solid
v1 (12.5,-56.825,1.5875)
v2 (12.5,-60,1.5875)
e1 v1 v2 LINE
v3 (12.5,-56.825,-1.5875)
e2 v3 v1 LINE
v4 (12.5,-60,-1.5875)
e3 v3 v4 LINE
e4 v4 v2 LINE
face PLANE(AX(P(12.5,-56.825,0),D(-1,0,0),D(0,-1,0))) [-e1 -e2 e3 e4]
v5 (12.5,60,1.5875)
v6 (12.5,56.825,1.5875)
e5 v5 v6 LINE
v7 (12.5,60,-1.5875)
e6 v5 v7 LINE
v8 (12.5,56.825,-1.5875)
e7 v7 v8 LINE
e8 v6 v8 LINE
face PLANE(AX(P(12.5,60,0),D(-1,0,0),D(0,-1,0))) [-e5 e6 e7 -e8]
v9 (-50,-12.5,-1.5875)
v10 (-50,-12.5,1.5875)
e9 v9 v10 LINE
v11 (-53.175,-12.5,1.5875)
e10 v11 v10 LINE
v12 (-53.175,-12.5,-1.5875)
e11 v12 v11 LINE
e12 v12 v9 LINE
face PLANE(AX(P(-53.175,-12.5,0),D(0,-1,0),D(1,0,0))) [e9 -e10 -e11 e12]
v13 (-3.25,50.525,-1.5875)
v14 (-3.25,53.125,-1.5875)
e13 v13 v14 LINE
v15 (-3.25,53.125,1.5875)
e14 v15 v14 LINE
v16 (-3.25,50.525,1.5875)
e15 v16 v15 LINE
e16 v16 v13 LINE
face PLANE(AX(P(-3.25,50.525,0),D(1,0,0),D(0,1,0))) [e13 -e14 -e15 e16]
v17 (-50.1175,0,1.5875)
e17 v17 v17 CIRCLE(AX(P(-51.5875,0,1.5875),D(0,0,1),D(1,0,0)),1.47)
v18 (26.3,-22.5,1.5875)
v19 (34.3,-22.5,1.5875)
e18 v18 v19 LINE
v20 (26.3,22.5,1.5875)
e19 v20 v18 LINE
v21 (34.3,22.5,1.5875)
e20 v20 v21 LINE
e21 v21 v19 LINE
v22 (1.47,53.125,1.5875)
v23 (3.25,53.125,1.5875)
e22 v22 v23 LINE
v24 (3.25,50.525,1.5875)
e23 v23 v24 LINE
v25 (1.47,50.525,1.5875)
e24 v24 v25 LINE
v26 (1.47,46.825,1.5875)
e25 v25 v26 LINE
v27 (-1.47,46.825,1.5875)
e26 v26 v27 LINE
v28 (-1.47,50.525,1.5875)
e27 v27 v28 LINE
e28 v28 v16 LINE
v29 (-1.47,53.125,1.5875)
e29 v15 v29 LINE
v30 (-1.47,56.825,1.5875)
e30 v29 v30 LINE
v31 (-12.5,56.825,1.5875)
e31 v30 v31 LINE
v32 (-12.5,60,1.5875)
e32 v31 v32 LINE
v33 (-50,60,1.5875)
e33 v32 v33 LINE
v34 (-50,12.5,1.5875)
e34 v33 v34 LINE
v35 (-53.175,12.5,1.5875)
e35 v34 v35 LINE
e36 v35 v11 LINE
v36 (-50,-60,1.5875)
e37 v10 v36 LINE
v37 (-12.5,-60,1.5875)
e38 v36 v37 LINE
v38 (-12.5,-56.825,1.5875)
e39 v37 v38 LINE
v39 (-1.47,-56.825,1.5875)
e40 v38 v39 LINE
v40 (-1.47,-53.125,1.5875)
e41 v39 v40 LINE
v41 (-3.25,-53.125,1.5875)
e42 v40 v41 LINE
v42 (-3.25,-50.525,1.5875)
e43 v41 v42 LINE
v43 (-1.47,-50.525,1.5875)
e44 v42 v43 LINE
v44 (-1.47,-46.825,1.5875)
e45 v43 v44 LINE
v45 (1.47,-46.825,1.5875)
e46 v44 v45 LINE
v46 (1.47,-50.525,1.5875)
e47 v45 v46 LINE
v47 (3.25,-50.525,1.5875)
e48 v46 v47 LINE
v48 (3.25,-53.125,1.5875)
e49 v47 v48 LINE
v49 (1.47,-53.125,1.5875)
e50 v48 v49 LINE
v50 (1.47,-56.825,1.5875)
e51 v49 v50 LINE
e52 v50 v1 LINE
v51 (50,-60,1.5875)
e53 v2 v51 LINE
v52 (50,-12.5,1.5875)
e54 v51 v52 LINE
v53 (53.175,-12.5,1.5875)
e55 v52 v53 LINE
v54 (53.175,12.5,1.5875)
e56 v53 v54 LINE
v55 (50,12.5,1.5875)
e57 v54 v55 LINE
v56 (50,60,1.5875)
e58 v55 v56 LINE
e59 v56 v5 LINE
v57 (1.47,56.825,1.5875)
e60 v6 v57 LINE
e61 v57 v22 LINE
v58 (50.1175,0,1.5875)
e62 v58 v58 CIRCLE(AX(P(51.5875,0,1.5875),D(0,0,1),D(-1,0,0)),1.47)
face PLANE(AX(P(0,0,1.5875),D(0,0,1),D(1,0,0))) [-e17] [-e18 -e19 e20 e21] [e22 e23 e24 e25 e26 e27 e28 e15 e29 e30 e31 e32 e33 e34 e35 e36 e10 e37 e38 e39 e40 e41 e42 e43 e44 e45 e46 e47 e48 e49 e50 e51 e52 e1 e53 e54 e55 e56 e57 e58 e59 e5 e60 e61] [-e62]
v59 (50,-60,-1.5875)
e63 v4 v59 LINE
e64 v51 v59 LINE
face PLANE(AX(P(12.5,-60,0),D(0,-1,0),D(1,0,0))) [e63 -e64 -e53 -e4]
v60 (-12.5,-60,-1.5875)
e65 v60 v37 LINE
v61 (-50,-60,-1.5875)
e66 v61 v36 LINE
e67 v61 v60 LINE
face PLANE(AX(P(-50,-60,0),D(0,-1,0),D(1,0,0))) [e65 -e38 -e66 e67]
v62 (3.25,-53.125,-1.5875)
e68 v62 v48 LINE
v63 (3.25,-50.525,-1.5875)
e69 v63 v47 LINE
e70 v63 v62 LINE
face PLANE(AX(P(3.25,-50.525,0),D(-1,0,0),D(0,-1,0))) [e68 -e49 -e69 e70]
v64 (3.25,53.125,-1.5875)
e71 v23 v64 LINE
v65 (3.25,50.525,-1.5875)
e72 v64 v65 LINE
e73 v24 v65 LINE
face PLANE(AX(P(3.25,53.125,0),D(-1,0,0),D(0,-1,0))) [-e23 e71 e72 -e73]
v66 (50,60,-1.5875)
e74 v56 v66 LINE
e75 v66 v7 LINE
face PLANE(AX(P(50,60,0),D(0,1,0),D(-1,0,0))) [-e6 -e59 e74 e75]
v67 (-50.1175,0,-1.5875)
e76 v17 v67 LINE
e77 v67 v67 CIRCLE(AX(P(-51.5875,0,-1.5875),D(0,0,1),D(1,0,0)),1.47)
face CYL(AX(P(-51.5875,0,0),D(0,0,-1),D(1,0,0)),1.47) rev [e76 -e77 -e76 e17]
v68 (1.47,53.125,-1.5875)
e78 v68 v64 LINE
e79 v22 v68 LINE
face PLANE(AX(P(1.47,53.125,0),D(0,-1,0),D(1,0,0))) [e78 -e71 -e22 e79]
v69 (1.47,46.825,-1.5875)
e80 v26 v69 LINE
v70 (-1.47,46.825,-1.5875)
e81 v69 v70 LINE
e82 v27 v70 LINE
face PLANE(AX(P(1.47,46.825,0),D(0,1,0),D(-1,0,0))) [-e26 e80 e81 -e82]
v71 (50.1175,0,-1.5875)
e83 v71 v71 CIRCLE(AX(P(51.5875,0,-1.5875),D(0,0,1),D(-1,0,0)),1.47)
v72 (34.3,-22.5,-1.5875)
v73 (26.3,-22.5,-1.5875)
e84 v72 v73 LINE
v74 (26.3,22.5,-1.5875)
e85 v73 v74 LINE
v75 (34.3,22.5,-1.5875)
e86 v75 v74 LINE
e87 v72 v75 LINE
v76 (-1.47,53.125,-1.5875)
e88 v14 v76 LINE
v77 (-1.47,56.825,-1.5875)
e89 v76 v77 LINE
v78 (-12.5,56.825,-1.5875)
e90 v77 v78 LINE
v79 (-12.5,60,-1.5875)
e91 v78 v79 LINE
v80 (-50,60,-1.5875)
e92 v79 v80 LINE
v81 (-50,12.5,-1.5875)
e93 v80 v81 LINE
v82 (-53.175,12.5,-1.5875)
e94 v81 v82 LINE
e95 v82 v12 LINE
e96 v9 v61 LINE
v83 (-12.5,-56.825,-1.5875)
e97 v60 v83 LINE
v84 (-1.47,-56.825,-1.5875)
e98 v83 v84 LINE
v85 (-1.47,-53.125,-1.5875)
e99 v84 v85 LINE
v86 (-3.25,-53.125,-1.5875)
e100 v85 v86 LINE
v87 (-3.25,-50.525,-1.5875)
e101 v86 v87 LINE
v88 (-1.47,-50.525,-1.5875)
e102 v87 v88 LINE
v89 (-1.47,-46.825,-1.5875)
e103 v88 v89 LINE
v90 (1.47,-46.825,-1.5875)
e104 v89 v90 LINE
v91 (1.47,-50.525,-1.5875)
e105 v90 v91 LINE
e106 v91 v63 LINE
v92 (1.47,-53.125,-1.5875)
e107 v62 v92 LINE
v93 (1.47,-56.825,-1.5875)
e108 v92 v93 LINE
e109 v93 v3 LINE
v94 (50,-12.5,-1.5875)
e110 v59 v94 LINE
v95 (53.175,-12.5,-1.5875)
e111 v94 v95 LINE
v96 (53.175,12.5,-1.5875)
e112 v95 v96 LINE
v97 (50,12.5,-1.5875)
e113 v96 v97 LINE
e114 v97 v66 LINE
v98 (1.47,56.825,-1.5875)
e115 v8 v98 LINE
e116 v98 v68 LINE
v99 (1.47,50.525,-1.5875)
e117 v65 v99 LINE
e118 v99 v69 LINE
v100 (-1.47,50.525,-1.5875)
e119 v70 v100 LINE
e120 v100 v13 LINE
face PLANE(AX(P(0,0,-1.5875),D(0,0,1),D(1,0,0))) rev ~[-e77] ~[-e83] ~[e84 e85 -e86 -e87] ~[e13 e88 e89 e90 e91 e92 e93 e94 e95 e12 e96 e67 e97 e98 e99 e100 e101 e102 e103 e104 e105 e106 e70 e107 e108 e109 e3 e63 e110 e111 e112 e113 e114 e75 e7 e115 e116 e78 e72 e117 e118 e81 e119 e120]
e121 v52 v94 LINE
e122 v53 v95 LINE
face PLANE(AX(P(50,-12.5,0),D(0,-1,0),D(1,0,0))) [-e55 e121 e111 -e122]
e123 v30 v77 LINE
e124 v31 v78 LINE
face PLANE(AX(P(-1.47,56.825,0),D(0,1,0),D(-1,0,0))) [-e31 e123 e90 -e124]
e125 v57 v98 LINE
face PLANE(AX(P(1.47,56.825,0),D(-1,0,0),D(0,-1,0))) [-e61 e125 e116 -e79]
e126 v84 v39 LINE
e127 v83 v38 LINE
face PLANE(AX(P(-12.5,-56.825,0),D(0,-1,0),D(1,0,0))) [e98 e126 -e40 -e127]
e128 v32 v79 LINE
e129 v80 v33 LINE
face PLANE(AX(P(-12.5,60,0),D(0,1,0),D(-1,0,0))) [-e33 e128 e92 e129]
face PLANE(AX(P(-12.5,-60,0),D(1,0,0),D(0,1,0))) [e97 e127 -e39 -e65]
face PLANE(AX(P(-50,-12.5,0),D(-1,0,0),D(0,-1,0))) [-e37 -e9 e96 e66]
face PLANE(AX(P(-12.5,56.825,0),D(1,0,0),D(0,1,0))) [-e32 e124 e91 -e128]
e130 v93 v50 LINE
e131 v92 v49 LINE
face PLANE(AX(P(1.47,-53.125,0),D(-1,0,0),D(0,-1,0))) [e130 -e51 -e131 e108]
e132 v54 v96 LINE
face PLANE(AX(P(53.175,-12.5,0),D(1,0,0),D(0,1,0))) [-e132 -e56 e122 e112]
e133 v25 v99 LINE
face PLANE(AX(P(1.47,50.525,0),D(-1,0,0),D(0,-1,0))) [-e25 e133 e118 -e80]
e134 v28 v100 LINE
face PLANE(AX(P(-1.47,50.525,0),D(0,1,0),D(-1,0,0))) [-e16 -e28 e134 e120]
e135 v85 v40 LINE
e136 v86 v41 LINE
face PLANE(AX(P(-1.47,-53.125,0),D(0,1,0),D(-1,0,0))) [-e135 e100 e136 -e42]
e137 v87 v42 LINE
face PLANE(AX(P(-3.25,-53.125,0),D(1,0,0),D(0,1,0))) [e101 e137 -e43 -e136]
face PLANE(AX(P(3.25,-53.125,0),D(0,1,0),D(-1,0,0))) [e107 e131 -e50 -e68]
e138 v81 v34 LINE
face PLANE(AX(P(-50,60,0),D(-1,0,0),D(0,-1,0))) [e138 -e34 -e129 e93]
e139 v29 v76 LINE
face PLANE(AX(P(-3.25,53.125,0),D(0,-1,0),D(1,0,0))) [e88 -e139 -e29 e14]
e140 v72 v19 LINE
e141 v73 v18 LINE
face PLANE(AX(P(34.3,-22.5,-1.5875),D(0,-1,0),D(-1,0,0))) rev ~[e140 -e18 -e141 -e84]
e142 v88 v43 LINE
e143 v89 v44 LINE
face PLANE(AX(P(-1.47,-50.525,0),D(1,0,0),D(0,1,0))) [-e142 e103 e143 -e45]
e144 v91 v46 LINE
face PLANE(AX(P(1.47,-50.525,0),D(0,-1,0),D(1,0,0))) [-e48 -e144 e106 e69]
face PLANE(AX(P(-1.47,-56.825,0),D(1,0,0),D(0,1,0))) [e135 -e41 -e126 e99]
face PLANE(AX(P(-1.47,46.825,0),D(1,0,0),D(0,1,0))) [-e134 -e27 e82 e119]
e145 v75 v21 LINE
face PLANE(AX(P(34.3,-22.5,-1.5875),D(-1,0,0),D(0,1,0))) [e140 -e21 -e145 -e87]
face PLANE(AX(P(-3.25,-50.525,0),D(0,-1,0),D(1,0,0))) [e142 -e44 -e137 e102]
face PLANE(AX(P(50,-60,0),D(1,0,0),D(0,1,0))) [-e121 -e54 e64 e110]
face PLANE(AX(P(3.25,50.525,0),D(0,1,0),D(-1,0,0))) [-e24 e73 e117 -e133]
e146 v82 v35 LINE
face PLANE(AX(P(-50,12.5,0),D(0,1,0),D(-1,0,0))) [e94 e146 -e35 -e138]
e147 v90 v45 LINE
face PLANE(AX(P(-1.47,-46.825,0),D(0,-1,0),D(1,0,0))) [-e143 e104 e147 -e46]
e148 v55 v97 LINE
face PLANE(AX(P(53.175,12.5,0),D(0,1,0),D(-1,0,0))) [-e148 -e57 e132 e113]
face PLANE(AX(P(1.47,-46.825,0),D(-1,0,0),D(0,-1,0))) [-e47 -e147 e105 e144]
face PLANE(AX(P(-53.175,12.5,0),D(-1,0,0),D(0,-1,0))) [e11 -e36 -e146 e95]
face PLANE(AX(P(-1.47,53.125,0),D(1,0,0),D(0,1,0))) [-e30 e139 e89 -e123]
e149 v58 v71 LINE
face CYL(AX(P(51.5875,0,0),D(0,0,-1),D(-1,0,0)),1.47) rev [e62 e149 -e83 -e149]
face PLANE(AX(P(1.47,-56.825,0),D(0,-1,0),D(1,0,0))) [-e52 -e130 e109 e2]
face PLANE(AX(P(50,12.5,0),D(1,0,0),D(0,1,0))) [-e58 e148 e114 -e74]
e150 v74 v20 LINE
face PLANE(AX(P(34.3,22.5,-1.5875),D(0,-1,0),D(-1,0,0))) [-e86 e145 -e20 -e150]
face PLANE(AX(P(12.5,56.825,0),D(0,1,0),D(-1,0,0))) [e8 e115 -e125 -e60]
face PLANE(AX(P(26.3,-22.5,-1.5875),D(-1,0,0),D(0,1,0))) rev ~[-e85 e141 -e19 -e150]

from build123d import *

# Parameters (mm, degrees)
SKETCH1_R           = 1.47
BOSS_EXTRUDE1_DEPTH = 1.5875
SKETCH3_W           = 8
SKETCH3_H           = 45
CUT_EXTRUDE1_DEPTH  = 81.235037546


with BuildPart() as part:
    # Sketch1 → Boss-Extrude1 (new, symmetric)
    with BuildSketch(Plane.XY):
        Polygon((-12.5, 60), (-50, 60), (-50, 12.5), (-53.175, 12.5), (-53.175, -12.5), (-50, -12.5), (-50, -60), (-12.5, -60), (-12.5, -56.825), (-1.47, -56.825), (-1.47, -53.125), (-3.25, -53.125), (-3.25, -50.525), (-1.47, -50.525), (-1.47, -46.825), (1.47, -46.825), (1.47, -50.525), (3.25, -50.525), (3.25, -53.125), (1.47, -53.125), (1.47, -56.825), (12.5, -56.825), (12.5, -60), (50, -60), (50, -12.5), (53.175, -12.5), (53.175, 12.5), (50, 12.5), (50, 60), (12.5, 60), (12.5, 56.825), (1.47, 56.825), (1.47, 53.125), (3.25, 53.125), (3.25, 50.525), (1.47, 50.525), (1.47, 46.825), (-1.47, 46.825), (-1.47, 50.525), (-3.25, 50.525), (-3.25, 53.125), (-1.47, 53.125), (-1.47, 56.825), (-12.5, 56.825), align=None)
        with Locations((-51.5875, 0)):
            Circle(SKETCH1_R, mode=Mode.SUBTRACT)
        with Locations(Location((51.5875, 0, 0), (0, 0, 180))):
            Circle(SKETCH1_R, mode=Mode.SUBTRACT)
    extrude(amount=BOSS_EXTRUDE1_DEPTH, both=True)

    # Sketch3 → Cut-Extrude1 (cut, through all)
    with BuildSketch(Plane(origin=(0, 0, -1.5875), x_dir=(-1, 0, 0), z_dir=(0, 0, -1))):
        with Locations((-30.3, 0)):
            Rectangle(SKETCH3_W, SKETCH3_H)
    extrude(amount=-CUT_EXTRUDE1_DEPTH, mode=Mode.SUBTRACT)


solid = part.part
